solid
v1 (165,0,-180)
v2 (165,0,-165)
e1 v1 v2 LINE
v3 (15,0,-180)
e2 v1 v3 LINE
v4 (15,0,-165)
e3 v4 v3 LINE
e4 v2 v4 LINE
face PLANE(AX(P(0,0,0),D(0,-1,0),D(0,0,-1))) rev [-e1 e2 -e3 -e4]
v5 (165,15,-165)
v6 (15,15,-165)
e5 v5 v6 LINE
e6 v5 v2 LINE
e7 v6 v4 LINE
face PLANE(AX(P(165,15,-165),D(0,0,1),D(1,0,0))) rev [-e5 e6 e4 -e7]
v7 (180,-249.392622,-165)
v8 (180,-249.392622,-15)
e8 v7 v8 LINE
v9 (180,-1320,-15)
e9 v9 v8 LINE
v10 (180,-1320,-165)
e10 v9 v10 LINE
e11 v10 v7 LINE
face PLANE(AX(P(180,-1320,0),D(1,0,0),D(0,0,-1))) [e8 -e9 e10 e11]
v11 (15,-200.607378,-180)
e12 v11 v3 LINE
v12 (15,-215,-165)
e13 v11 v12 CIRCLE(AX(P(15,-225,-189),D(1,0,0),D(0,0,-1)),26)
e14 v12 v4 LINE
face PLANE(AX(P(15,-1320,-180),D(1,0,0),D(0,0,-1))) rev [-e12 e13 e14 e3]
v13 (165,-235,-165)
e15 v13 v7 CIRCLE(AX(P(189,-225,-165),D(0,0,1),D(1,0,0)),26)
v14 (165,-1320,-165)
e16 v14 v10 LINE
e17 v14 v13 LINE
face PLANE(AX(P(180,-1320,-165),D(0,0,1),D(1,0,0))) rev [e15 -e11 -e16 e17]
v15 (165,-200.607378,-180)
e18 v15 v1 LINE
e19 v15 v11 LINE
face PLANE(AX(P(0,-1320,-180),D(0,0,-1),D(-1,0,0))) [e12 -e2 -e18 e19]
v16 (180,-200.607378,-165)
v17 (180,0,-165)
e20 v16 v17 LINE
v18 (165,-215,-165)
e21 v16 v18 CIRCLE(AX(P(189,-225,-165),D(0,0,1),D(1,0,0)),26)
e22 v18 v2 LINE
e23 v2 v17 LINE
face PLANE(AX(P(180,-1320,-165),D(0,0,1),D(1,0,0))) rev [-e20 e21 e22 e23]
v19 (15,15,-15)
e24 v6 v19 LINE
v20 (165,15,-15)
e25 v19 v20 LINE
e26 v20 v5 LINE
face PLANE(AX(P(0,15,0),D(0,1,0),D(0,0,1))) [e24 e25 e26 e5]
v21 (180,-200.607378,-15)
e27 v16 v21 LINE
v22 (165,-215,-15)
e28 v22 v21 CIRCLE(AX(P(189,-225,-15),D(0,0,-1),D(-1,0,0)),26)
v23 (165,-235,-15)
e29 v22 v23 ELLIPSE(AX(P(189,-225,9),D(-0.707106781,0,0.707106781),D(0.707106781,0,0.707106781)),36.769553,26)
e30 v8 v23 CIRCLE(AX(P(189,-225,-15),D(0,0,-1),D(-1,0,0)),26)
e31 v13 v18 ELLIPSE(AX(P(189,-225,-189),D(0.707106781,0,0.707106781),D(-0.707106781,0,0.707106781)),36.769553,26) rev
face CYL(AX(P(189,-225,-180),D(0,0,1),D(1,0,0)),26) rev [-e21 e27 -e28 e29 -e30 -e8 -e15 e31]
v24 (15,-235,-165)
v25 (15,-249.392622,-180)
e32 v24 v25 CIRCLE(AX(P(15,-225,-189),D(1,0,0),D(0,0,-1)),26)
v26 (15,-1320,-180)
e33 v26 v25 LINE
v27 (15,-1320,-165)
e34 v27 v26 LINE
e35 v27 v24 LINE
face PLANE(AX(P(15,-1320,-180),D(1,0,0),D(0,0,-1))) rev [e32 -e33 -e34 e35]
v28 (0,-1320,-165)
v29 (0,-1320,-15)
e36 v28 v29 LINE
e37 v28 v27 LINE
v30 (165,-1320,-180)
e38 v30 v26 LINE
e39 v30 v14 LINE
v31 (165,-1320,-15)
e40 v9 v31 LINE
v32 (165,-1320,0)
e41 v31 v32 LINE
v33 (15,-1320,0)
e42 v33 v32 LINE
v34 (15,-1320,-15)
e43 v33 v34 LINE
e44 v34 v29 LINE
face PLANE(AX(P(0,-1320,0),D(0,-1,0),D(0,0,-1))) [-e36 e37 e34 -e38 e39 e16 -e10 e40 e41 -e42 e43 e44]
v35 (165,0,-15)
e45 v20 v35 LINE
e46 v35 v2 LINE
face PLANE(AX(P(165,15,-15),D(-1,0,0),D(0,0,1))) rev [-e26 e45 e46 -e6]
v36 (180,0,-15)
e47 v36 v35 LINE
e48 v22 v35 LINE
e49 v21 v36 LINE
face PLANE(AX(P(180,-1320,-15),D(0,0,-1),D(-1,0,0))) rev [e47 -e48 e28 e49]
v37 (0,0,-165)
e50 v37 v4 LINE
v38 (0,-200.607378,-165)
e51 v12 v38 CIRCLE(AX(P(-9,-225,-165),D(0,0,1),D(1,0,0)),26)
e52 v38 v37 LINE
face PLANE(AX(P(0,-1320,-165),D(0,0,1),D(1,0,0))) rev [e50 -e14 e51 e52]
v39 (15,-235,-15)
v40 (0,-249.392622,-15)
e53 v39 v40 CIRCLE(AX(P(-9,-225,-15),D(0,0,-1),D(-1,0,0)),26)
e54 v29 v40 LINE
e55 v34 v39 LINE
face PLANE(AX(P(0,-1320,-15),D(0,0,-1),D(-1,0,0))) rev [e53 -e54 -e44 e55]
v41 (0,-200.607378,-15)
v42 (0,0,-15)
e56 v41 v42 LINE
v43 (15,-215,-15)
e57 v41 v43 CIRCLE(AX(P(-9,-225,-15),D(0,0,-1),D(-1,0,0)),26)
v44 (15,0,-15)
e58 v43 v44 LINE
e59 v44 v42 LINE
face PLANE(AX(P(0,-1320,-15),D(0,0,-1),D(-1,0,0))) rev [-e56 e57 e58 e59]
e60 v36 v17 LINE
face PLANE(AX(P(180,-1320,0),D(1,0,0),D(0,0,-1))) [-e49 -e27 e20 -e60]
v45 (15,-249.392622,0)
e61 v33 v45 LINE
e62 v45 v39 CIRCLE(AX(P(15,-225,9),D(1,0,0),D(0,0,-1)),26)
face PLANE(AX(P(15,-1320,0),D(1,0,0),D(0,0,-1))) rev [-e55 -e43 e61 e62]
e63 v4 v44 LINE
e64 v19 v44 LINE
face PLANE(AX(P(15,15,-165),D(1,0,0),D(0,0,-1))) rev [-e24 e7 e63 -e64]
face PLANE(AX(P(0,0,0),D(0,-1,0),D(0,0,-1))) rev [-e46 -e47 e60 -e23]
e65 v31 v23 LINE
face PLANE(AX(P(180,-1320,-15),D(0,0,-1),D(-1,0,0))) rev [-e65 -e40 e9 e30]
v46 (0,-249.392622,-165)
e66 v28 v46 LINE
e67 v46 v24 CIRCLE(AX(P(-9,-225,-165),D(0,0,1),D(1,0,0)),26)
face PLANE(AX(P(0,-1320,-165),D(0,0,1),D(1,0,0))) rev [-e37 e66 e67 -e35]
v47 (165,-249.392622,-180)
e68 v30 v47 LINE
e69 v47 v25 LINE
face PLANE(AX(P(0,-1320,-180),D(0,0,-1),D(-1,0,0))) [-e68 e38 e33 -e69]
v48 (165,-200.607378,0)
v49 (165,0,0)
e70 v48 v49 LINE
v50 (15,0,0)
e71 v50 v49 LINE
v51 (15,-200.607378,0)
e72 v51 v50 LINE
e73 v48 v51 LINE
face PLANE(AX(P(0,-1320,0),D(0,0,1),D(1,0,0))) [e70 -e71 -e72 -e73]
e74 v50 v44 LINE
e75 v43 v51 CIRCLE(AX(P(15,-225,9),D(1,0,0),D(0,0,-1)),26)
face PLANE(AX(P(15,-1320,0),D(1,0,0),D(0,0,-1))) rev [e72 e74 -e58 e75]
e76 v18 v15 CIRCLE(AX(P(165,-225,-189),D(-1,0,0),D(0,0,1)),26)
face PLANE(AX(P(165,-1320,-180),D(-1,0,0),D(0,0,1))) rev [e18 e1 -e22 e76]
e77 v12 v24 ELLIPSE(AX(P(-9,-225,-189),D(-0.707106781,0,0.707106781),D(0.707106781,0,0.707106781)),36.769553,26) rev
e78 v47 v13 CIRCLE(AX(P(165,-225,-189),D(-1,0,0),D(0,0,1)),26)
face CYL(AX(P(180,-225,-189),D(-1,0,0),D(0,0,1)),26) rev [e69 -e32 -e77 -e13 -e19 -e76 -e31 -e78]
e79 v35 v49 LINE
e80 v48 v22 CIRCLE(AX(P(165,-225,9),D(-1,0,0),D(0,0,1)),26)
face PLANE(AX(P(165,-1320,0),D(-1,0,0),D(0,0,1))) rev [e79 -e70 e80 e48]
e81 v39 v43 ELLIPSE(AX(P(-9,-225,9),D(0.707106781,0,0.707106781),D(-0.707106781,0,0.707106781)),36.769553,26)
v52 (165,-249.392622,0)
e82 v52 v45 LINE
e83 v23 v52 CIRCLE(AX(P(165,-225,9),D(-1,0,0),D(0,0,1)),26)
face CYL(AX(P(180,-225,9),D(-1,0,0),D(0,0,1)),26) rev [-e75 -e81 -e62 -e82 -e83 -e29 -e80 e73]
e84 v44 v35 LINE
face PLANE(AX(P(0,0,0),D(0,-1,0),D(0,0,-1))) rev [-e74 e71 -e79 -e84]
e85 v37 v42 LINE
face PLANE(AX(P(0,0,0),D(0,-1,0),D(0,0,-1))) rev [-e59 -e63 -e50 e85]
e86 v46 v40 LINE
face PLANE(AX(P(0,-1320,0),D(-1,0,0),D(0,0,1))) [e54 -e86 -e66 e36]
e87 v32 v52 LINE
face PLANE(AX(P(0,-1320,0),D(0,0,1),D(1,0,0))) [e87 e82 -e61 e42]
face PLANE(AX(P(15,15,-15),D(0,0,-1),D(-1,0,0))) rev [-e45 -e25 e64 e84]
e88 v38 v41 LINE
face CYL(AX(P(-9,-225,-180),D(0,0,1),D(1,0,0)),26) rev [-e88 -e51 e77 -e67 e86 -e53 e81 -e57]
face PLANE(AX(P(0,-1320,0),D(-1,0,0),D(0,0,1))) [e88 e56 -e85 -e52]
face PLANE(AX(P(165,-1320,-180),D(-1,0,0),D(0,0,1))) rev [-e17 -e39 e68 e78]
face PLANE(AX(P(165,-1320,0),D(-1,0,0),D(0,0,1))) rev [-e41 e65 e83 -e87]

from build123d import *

# Parameters (mm, degrees)
SKETCH_4_W               = 180
SKETCH_4_H               = 180
EXTRUDE_1_DEPTH          = 1320
SKETCH_5_W               = 15
SKETCH_5_H               = 15
CUT_EXTRUDE_1_DEPTH      = 1320
CUT_EXTRUDE_2_DEPTH      = 1
CUT_EXTRUDE_2_DEPTH_BACK = 181
CUT_EXTRUDE_3_DEPTH      = 181
SKETCH_8_W               = 150
SKETCH_8_H               = 150
EXTRUDE_2_DEPTH          = 15


with BuildPart() as part:
    # 草图4 → 凸台-拉伸1 (new body)
    with BuildSketch(Plane(origin=(0, 0, 0), x_dir=(1, 0, 0), z_dir=(0, 1, 0))):
        with Locations((90, 90)):
            Rectangle(SKETCH_4_W, SKETCH_4_H)
    extrude(amount=-EXTRUDE_1_DEPTH)

    # 草图5 → 切除-拉伸1 (cut)
    with BuildSketch(Plane(origin=(0, 0, 0), x_dir=(1, 0, 0), z_dir=(0, 1, 0))):
        with Locations((7.5, 172.5)):
            Rectangle(SKETCH_5_W, SKETCH_5_H)
        with Locations((7.5, 7.5)):
            Rectangle(SKETCH_5_W, SKETCH_5_H)
        with Locations((172.5, 172.5)):
            Rectangle(SKETCH_5_W, SKETCH_5_H)
        with Locations((172.5, 7.5)):
            Rectangle(SKETCH_5_W, SKETCH_5_H)
    extrude(amount=-CUT_EXTRUDE_1_DEPTH, mode=Mode.SUBTRACT)

    # 草图6 → 切除-拉伸2 (cut, two sides)
    with BuildSketch(Plane.XY) as cut_extrude_2_sk:
        with BuildLine():
            Line((0, -200.607378165), (0, -249.392621835))
            ThreePointArc((0, -249.392621835), (17, -225), (0, -200.607378165))
        make_face()
        with BuildLine():
            Line((180, -200.607378165), (180, -249.392621835))
            ThreePointArc((180, -249.392621835), (163, -225), (180, -200.607378165))
        make_face()
    extrude(amount=CUT_EXTRUDE_2_DEPTH, mode=Mode.SUBTRACT)
    extrude(cut_extrude_2_sk.sketch, amount=-CUT_EXTRUDE_2_DEPTH_BACK, mode=Mode.SUBTRACT)

    # 草图7 → 切除-拉伸3 (cut, through all)
    with BuildSketch(Plane.ZY):
        with BuildLine():
            Line((-180, -200.607378165), (-180, -249.392621835))
            ThreePointArc((-180, -249.392621835), (-163, -225), (-180, -200.607378165))
        make_face()
        with BuildLine():
            Line((0, -200.607378165), (0, -249.392621835))
            ThreePointArc((0, -249.392621835), (-17, -225), (0, -200.607378165))
        make_face()
    extrude(amount=-CUT_EXTRUDE_3_DEPTH, mode=Mode.SUBTRACT)

    # 草图8 → 凸台-拉伸2 (add)
    with BuildSketch(Plane(origin=(0, 0, 0), x_dir=(1, 0, 0), z_dir=(0, 1, 0))):
        with Locations((90, 90)):
            Rectangle(SKETCH_8_W, SKETCH_8_H)
    extrude(amount=EXTRUDE_2_DEPTH)


solid = part.part
